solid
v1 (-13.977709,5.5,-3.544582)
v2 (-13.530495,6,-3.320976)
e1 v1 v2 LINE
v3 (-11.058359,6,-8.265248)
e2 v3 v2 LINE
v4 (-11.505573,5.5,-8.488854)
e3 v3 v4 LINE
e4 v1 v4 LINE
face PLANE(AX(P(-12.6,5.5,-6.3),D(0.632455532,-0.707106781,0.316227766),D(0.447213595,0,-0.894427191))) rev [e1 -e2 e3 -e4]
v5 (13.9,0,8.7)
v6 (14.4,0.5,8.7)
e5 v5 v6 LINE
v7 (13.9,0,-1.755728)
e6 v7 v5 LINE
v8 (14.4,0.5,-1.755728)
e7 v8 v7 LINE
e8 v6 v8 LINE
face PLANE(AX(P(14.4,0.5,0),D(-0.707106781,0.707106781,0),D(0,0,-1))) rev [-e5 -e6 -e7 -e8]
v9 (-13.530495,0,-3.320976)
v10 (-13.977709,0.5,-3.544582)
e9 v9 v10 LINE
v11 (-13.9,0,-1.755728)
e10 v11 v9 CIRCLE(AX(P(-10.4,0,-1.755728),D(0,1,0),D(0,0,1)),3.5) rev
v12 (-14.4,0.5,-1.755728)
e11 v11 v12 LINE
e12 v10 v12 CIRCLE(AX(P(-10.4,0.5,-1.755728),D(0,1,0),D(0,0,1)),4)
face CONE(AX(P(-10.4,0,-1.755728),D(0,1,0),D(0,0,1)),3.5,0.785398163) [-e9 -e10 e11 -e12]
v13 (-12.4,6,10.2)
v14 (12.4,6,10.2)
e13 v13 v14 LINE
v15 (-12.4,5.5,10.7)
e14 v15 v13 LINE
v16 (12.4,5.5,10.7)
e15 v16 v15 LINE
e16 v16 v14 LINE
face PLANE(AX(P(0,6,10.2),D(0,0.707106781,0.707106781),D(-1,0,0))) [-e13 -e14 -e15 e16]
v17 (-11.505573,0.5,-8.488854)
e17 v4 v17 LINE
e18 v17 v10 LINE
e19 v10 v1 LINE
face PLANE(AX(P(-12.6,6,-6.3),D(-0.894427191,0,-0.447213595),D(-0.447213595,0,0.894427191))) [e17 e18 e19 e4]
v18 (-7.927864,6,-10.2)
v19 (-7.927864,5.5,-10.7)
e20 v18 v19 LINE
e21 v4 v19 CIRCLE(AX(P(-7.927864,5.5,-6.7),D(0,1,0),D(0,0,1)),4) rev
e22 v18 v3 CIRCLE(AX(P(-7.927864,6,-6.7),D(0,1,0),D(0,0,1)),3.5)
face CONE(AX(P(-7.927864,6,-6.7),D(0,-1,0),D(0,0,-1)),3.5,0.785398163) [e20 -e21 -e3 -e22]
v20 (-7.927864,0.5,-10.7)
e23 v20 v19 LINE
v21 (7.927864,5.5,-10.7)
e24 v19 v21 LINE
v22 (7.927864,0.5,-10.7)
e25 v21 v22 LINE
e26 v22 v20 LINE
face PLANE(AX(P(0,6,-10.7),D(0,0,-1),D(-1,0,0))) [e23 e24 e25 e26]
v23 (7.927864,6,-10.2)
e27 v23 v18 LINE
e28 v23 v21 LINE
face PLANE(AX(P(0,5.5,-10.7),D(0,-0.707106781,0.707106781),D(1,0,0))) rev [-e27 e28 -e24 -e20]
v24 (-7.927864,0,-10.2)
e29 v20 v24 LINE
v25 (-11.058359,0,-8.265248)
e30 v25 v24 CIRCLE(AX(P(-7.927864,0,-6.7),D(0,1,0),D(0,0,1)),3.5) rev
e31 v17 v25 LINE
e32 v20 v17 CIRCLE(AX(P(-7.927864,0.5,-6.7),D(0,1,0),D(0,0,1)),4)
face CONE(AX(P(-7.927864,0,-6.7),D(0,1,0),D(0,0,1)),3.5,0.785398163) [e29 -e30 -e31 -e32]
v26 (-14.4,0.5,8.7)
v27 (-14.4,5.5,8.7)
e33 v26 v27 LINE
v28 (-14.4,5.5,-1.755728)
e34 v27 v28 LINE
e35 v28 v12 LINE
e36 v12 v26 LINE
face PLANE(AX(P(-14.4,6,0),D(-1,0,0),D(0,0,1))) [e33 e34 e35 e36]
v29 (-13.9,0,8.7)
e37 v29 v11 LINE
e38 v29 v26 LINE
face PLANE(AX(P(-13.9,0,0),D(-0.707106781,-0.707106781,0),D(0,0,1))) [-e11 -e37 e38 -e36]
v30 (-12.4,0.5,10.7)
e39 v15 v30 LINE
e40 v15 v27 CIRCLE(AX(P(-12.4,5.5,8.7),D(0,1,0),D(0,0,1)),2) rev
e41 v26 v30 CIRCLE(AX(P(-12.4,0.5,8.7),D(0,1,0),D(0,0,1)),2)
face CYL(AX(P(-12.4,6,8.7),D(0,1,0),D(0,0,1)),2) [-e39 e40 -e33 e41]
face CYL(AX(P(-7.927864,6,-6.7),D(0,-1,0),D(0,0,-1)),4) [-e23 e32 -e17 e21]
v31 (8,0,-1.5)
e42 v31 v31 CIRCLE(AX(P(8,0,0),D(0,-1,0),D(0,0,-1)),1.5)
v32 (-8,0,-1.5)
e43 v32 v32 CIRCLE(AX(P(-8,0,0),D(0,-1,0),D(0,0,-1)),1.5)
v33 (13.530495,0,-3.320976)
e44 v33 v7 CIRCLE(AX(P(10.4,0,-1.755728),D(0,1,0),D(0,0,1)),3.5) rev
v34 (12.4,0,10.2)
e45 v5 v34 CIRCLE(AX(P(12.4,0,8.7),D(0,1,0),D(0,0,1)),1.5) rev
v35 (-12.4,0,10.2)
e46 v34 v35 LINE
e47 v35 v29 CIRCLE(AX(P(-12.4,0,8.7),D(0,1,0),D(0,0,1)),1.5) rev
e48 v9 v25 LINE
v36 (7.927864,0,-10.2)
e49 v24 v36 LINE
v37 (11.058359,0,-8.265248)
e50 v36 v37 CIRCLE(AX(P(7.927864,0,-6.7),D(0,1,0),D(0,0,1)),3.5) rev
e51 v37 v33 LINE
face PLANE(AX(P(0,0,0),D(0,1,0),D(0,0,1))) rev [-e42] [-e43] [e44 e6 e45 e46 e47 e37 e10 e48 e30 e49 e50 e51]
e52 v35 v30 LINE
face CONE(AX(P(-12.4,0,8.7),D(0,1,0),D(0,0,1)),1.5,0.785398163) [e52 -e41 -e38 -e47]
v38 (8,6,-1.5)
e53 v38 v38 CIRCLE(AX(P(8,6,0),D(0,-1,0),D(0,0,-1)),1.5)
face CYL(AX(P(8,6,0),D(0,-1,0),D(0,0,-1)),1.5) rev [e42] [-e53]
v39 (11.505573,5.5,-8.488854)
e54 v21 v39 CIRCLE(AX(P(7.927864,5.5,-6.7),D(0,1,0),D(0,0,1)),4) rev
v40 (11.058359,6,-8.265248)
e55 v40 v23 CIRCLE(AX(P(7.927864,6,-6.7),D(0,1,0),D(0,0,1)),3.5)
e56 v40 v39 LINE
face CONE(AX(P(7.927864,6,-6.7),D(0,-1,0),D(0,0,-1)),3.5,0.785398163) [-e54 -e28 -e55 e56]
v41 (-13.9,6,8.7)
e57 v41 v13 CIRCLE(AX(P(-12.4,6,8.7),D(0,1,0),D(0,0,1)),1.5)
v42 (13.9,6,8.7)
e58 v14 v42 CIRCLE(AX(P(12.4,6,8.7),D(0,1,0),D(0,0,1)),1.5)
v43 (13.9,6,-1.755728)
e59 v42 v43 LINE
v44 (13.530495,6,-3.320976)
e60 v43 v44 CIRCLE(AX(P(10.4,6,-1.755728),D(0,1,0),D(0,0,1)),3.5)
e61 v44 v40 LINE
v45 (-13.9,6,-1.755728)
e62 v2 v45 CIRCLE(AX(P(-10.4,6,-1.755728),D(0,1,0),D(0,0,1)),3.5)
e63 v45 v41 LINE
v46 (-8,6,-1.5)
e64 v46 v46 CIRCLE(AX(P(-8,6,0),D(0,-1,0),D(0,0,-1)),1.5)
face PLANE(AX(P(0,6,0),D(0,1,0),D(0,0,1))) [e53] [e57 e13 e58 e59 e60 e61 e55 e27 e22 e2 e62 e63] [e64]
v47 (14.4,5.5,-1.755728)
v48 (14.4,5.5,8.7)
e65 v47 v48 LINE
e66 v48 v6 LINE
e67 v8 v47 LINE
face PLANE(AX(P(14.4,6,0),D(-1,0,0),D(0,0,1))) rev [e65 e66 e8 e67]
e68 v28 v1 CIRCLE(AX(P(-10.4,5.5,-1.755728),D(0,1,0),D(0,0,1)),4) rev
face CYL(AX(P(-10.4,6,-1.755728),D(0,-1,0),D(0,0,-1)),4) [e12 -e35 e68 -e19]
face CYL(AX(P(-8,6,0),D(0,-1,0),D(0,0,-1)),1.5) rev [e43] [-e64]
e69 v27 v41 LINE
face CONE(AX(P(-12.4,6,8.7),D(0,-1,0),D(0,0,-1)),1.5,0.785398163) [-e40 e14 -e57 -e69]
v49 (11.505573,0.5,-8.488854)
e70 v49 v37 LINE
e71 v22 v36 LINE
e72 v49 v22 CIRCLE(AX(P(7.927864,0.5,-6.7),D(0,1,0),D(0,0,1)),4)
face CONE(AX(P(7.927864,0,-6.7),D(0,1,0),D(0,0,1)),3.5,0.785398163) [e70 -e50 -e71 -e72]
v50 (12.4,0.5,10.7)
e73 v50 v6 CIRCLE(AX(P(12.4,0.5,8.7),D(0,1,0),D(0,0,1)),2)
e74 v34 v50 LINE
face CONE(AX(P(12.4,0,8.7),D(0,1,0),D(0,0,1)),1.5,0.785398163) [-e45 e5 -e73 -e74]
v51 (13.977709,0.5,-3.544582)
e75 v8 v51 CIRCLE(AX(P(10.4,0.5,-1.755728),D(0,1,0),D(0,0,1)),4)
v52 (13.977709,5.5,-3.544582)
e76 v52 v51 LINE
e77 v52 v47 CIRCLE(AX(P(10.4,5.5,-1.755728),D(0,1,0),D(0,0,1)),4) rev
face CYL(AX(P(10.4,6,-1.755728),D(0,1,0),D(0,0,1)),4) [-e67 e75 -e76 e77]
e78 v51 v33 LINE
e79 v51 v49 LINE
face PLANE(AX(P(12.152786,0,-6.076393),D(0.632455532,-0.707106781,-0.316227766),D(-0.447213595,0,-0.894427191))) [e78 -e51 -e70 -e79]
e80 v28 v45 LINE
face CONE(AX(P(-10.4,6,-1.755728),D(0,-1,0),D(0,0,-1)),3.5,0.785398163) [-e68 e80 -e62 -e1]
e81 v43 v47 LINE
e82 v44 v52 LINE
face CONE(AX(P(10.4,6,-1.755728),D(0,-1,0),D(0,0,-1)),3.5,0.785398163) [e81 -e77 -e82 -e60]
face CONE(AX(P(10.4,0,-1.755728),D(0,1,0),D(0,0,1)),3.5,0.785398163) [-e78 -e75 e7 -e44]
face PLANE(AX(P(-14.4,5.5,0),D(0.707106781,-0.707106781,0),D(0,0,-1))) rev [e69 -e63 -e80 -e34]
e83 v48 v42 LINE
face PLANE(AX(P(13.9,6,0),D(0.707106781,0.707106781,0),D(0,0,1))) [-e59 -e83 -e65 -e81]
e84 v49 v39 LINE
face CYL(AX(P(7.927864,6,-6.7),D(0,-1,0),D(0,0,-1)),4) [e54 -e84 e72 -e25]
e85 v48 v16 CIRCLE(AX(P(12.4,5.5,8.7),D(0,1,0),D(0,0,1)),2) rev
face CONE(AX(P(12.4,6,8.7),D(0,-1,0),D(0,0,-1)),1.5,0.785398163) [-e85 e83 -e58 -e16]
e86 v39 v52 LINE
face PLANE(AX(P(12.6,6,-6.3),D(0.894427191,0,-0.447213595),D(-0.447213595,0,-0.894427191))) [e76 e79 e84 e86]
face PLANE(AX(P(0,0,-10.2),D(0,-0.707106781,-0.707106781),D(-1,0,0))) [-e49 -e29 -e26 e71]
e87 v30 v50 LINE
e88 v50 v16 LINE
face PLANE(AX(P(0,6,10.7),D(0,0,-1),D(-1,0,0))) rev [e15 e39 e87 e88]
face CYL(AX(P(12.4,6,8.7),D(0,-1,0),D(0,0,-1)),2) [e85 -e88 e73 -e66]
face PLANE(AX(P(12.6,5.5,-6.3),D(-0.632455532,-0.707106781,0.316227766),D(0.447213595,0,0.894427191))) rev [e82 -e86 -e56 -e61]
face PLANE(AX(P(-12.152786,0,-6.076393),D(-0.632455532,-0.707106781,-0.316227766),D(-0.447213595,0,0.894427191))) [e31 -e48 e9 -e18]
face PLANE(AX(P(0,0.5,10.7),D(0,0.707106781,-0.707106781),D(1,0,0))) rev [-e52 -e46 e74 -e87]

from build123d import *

# Parameters (mm, degrees)
BOSS_EXTRUDE1_DEPTH = 6
FILLET1_R           = 4
FILLET2_R           = 2
SKETCH2_R           = 1.5
CUT_EXTRUDE1_DEPTH  = 6
CHAMFER1_SIZE       = 0.5


with BuildPart() as part:
    # Sketch1 → Boss-Extrude1 (new body)
    with BuildSketch(Plane(origin=(0, 0, 0), x_dir=(1, 0, 0), z_dir=(0, 1, 0))):
        Polygon((-10.4, 10.7), (-14.4, 2.7), (-14.4, -10.7), (14.4, -10.7), (14.4, 2.7), (10.4, 10.7), align=None)
    extrude(amount=BOSS_EXTRUDE1_DEPTH)

    # Fillet1
    fillet1_edges = [part.edges().sort_by_distance(p)[0] for p in [
        (14.4, 3, -2.7),
        (-14.4, 3, -2.7),
        (-10.4, 3, -10.7),
        (10.4, 3, -10.7),
    ]]
    fillet(fillet1_edges, radius=FILLET1_R)

    # Fillet2
    fillet2_edges = [part.edges().sort_by_distance(p)[0] for p in [
        (14.4, 3, 10.7),
        (-14.4, 3, 10.7),
    ]]
    fillet(fillet2_edges, radius=FILLET2_R)

    # Sketch2 → Cut-Extrude1 (cut)
    with BuildSketch(Plane.XZ):
        with Locations(Location((-8, 0, 0), (0, 0, 270))):
            Circle(SKETCH2_R)
        with Locations(Location((8, 0, 0), (0, 0, 270))):
            Circle(SKETCH2_R)
    extrude(amount=-CUT_EXTRUDE1_DEPTH, mode=Mode.SUBTRACT)

    # Chamfer1
    chamfer1_edges = [part.edges().sort_by_distance(p)[0] for p in [
        (12.741640786, 0, -6.016718427),
        (-12.741640786, 0, -6.016718427),
        (0, 0, -10.7),
        (10.030788493, 0, -10.102603233),
        (-10.030788493, 0, -10.102603233),
        (14.292995958, 0, -2.674739772),
        (-14.292995958, 0, -2.674739772),
        (-12.741640786, 6, -6.016718427),
        (12.741640786, 6, -6.016718427),
        (0, 6, -10.7),
        (10.030788493, 6, -10.102603233),
        (-10.030788493, 6, -10.102603233),
        (14.292995958, 6, -2.674739772),
        (-14.292995958, 6, -2.674739772),
        (14.4, 0, 3.472135955),
        (14.4, 6, 3.472135955),
        (-14.4, 0, 3.472135955),
        (0, 0, 10.7),
        (-13.814213562, 0, 10.114213562),
        (13.814213562, 0, 10.114213562),
        (0, 6, 10.7),
        (-14.4, 6, 3.472135955),
        (-13.814213562, 6, 10.114213562),
        (13.814213562, 6, 10.114213562),
    ]]
    chamfer(chamfer1_edges, length=CHAMFER1_SIZE)


solid = part.part
